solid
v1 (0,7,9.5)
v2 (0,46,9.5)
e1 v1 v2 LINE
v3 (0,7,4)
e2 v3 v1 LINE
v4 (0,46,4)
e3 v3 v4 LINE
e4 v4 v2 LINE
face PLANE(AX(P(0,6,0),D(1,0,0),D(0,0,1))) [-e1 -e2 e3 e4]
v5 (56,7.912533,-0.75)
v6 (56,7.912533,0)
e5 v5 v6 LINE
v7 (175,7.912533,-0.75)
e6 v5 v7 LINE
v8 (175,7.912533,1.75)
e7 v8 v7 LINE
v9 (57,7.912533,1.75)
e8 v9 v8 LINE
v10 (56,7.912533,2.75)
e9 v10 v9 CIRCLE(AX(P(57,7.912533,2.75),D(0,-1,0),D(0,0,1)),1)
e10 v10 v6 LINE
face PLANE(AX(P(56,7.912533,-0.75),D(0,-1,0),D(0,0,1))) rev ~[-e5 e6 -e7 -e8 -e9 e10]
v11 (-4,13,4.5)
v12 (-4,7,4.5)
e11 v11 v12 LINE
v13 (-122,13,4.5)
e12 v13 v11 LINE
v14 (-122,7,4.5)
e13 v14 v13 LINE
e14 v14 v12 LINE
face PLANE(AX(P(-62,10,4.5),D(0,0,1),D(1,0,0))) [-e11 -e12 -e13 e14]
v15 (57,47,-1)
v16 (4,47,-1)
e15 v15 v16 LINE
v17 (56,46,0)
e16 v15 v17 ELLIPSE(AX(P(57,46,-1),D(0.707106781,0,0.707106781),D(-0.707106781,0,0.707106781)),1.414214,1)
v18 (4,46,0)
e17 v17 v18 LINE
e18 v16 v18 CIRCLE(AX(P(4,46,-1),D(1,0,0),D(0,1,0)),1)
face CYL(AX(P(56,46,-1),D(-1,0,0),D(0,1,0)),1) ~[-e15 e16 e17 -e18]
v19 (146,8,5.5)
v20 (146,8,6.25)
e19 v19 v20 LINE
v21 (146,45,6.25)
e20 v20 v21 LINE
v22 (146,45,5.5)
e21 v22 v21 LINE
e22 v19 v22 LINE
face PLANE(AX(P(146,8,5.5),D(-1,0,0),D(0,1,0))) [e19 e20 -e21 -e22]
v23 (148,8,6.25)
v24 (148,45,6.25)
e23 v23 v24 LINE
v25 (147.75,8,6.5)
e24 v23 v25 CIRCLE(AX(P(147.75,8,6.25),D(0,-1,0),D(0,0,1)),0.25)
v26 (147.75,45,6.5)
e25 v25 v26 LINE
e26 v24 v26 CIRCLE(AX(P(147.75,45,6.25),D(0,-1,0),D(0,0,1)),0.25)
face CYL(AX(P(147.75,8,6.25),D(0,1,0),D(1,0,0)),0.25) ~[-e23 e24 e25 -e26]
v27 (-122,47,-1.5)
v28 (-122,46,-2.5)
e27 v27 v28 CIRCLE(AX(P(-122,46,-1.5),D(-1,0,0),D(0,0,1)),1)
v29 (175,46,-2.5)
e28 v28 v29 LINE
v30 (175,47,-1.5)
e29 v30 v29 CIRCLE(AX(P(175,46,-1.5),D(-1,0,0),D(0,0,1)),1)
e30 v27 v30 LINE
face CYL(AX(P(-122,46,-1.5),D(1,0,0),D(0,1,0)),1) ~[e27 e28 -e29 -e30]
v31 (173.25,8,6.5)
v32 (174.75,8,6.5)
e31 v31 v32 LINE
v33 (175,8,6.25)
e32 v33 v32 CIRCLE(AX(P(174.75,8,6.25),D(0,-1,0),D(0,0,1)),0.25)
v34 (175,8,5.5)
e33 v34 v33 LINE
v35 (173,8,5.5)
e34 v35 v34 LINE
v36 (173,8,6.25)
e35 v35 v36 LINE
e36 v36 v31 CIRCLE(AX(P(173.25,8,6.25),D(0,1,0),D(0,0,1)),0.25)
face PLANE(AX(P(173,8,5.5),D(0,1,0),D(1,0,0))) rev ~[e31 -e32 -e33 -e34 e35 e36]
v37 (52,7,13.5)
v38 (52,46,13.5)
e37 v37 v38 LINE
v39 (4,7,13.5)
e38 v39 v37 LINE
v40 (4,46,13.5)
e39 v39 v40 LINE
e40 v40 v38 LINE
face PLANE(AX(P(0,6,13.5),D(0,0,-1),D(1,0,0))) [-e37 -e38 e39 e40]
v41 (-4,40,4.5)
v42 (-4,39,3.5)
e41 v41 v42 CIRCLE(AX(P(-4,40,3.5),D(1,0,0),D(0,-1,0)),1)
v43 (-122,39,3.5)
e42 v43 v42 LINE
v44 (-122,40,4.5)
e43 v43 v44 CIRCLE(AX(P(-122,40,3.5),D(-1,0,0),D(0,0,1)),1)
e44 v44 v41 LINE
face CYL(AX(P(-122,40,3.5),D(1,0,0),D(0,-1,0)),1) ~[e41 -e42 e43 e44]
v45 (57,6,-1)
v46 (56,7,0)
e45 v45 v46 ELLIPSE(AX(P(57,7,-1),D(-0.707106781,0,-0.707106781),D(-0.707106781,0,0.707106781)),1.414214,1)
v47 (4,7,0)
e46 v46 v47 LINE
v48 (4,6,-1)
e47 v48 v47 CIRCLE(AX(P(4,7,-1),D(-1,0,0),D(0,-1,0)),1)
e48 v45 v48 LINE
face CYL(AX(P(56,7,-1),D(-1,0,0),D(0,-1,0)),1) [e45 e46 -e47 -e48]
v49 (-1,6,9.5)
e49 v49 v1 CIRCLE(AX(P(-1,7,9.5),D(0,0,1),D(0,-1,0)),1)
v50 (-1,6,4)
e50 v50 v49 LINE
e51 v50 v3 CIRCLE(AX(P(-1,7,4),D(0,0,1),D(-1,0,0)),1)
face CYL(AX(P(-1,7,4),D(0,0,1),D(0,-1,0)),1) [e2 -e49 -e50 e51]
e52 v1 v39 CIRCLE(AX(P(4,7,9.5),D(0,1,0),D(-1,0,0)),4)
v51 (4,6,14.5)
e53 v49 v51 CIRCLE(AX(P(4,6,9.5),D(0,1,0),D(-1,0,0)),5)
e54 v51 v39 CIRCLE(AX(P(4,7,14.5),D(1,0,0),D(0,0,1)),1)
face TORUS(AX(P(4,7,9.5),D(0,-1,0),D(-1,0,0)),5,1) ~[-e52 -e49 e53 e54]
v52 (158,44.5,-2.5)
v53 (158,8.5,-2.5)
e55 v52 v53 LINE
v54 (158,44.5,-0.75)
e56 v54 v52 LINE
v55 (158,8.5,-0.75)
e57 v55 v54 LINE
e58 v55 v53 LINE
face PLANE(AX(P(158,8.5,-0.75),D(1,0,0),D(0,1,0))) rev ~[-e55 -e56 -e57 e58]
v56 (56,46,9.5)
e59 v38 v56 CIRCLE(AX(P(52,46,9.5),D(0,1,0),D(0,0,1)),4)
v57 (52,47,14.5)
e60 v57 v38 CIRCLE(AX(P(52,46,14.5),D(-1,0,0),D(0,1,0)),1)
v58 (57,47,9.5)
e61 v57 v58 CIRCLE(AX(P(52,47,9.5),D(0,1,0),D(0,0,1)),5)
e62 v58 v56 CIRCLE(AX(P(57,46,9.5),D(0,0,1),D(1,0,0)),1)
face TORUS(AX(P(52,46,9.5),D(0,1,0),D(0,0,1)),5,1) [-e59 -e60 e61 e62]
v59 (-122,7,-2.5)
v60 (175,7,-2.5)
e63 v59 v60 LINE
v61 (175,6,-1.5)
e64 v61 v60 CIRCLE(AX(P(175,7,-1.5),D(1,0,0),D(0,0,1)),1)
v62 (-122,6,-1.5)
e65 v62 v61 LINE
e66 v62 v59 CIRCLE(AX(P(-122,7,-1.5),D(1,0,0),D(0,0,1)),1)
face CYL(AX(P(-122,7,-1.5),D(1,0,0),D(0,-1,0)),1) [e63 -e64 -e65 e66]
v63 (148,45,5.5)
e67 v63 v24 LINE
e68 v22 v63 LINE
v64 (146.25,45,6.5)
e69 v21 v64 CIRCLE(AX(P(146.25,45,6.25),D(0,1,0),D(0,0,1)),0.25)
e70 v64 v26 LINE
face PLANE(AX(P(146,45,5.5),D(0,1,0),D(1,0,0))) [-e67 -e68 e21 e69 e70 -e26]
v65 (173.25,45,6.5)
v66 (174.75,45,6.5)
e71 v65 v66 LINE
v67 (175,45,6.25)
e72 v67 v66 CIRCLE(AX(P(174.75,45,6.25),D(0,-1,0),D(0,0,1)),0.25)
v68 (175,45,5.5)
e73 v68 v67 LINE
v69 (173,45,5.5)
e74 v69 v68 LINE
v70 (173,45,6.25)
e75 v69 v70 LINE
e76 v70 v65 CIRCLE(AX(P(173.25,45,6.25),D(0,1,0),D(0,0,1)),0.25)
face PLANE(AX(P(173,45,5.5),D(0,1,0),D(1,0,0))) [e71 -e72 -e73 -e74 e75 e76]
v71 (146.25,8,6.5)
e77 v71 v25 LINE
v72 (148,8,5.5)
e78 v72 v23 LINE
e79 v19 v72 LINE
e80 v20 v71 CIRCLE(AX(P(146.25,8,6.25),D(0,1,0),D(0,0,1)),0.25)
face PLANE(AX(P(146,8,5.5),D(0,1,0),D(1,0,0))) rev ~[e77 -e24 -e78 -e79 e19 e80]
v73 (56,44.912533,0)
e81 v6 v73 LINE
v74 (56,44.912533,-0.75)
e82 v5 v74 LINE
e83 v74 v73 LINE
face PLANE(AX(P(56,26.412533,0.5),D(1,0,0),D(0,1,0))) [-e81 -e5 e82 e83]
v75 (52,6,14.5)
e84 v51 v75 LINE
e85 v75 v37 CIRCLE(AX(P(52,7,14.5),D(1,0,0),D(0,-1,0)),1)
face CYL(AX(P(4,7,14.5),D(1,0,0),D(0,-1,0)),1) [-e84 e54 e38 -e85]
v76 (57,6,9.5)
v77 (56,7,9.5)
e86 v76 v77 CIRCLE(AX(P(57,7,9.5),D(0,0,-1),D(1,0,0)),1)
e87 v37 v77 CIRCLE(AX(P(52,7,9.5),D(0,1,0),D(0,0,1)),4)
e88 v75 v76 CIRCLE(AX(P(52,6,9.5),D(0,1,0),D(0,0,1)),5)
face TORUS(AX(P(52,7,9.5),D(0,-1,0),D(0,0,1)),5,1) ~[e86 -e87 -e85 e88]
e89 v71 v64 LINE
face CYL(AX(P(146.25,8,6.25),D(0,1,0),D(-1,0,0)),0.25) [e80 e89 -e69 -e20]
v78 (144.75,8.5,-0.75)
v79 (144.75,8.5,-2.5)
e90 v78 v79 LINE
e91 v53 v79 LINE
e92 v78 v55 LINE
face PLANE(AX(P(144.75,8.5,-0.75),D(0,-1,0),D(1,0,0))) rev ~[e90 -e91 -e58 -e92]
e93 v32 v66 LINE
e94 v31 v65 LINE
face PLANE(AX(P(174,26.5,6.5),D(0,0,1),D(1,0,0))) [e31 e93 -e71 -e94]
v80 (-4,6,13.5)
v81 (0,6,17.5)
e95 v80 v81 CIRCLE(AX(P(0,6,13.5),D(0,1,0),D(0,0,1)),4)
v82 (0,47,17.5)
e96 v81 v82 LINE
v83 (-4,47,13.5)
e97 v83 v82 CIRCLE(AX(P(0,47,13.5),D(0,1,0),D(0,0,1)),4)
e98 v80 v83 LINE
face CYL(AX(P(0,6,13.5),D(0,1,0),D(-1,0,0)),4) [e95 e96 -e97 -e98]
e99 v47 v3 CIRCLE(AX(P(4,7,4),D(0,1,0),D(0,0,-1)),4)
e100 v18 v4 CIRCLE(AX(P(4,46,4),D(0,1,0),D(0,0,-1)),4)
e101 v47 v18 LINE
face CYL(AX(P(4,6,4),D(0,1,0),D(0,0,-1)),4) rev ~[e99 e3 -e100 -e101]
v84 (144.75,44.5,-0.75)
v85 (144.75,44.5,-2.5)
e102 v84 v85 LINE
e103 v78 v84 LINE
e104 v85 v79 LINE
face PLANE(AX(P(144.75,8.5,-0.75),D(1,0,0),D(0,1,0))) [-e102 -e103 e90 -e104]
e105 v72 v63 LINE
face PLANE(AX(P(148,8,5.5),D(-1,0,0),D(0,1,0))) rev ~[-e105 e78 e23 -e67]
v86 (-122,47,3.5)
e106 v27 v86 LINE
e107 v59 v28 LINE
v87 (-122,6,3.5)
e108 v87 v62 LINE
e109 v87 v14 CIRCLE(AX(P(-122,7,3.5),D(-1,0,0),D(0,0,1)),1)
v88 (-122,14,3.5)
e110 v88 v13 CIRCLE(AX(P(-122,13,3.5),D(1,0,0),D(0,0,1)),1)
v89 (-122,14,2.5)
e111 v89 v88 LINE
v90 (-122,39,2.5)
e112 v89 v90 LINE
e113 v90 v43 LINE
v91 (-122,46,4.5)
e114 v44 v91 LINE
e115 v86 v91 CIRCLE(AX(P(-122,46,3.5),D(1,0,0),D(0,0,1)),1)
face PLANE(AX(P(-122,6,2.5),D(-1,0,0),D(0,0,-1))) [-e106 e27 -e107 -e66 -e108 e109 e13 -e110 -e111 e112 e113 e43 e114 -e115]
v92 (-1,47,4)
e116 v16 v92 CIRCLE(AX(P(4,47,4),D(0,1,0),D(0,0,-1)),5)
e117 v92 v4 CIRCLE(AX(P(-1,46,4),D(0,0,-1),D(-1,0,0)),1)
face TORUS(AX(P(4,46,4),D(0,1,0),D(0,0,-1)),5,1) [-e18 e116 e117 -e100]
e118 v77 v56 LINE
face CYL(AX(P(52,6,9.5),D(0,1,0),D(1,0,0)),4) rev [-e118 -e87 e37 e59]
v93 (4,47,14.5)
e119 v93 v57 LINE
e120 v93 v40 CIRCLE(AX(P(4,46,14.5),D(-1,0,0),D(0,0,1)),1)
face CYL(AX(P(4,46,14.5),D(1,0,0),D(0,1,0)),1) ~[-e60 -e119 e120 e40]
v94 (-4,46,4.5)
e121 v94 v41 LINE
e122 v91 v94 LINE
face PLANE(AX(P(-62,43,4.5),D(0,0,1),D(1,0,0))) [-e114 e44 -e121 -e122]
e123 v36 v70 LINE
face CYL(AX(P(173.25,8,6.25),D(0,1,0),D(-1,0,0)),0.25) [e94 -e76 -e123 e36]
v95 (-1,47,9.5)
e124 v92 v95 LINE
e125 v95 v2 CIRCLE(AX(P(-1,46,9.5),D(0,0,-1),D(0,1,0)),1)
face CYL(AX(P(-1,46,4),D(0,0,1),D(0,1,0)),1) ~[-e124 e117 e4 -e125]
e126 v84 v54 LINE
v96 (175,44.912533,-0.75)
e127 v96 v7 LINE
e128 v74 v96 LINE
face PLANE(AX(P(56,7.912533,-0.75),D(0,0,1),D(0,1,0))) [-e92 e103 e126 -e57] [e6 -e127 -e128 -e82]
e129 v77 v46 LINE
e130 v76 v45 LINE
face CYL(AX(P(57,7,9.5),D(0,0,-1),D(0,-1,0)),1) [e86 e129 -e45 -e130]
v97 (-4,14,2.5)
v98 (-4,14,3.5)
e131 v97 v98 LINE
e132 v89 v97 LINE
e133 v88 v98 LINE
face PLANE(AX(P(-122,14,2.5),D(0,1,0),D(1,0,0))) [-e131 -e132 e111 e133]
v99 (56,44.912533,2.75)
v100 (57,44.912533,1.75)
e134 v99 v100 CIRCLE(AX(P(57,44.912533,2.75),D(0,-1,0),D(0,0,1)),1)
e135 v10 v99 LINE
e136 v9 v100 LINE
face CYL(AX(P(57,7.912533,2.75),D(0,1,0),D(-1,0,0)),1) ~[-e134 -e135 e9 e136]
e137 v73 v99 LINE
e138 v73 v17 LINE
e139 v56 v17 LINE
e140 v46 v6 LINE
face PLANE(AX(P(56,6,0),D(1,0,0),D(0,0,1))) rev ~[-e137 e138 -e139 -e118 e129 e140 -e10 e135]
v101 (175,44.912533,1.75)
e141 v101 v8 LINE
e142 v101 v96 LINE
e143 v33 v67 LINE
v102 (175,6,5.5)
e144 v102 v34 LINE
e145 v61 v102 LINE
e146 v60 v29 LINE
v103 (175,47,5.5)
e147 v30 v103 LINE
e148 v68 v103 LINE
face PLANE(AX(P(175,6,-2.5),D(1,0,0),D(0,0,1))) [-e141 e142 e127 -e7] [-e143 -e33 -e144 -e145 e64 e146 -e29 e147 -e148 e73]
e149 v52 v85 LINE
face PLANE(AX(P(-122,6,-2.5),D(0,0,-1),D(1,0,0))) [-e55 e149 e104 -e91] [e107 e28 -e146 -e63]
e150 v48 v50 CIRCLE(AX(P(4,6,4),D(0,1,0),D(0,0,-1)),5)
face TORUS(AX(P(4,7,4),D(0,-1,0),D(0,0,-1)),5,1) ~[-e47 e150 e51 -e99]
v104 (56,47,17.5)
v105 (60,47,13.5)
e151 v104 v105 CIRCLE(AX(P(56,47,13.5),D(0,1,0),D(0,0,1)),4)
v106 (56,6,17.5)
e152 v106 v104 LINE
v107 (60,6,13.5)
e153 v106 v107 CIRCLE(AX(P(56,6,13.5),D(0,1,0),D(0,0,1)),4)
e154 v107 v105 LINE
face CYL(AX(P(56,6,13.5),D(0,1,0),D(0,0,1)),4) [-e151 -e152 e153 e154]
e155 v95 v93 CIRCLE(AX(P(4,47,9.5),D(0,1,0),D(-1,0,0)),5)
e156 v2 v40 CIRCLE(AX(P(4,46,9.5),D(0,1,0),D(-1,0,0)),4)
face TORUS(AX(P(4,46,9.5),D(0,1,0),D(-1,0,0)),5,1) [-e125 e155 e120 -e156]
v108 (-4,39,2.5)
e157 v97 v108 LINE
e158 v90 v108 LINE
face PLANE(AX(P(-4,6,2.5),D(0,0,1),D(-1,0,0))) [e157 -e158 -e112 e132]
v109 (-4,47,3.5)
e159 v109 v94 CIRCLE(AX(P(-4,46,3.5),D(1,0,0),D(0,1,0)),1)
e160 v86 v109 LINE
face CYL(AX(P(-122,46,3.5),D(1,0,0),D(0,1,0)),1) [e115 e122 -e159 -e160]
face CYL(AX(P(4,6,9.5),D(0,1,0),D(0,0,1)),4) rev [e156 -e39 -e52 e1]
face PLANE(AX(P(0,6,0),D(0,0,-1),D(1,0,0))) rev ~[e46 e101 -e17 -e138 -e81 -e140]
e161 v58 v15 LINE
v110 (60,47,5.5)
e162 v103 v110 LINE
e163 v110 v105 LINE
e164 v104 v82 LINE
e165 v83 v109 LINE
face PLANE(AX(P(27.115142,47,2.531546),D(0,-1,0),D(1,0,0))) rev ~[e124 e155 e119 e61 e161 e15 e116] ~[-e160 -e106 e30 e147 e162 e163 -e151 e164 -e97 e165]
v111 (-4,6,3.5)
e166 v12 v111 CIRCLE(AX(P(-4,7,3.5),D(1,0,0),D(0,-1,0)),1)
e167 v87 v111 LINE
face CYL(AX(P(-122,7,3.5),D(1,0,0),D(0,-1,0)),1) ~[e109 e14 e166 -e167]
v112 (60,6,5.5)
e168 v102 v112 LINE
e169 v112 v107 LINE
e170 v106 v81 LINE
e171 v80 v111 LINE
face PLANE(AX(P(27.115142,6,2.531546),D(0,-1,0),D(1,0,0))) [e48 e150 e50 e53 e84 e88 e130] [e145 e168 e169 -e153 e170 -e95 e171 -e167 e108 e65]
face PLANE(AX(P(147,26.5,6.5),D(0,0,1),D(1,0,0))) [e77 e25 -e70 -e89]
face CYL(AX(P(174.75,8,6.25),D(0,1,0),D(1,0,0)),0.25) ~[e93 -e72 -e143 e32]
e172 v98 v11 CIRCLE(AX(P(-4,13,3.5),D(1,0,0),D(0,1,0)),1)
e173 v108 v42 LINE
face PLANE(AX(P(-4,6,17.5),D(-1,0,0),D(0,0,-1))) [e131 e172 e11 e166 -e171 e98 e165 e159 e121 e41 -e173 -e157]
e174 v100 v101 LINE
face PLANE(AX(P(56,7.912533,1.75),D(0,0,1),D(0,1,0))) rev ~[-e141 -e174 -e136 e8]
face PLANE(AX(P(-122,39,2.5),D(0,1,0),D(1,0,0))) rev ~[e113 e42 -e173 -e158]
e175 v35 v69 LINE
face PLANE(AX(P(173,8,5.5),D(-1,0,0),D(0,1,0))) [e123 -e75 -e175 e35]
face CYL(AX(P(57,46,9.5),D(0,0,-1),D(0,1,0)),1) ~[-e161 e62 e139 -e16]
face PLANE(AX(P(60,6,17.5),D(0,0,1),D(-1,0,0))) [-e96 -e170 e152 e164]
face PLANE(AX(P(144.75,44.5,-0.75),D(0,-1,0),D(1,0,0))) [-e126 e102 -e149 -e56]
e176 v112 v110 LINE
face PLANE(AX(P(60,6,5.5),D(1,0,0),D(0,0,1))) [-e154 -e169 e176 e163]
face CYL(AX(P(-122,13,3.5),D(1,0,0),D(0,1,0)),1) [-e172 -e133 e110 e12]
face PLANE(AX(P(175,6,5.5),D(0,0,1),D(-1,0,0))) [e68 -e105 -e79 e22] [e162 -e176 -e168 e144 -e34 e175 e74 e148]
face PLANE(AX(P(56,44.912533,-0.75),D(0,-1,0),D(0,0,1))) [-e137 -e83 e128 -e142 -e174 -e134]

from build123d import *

# Parameters (mm, degrees)
SKETCH037_W      = 2
SKETCH037_H      = 37
EXTRUDE036_DEPTH = 1
FILLET012_R      = 0.25
SKETCH038_W      = 13.25
SKETCH038_H      = 36
EXTRUDE037_DEPTH = 2
SKETCH031_W      = 37
SKETCH031_H      = 2.5
EXTRUDE029_DEPTH = 120
SKETCH030_W      = 56
SKETCH030_H      = 13.5
EXTRUDE028_DEPTH = 41
SKETCH036_W      = 120
SKETCH036_H      = 8
EXTRUDE035_DEPTH = 2
FILLET011_R      = 1
FILLET013_R      = 4
FILLET014_R      = 1


with BuildPart() as velcrobands:
    # Sketch037 → Extrude036 (new body)
    with BuildSketch(Plane.XY.offset(5.5)):
        with Locations((174, 26.5)):
            Rectangle(SKETCH037_W, SKETCH037_H)
        with Locations((147, 26.5)):
            Rectangle(SKETCH037_W, SKETCH037_H)
    extrude(amount=EXTRUDE036_DEPTH)

    # Fillet012
    fillet012_edges = [velcrobands.edges().sort_by_distance(p)[0] for p in [
        (148, 26.5, 6.5),
        (146, 26.5, 6.5),
        (173, 26.5, 6.5),
        (175, 26.5, 6.5),
    ]]
    fillet(fillet012_edges, radius=FILLET012_R)


with BuildPart() as sensorcuts:
    # Sketch038 → Extrude037 (new body)
    with BuildSketch(Plane.XY.offset(-0.75)):
        with Locations((151.375, 26.5)):
            Rectangle(SKETCH038_W, SKETCH038_H)
    extrude(amount=-EXTRUDE037_DEPTH)


with BuildPart() as extrude029:
    # Sketch031 → Extrude029 (new body)
    with BuildSketch(Plane.YZ.offset(56)):
        with Locations((26.412533, 0.5)):
            Rectangle(SKETCH031_W, SKETCH031_H)
    extrude(amount=EXTRUDE029_DEPTH)


with BuildPart() as band002:
    # Sketch030 → Extrude028 (new body)
    with BuildSketch(Plane.XZ.offset(-6)):
        Polygon((175, 5.5), (60, 5.5), (60, 17.5), (-4, 17.5), (-4, 2.5), (-122, 2.5), (-122, -2.5), (175, -2.5), align=None)
        with Locations((28, 6.75)):
            Rectangle(SKETCH030_W, SKETCH030_H, mode=Mode.SUBTRACT)
    extrude(amount=-EXTRUDE028_DEPTH)

    # Cut002: cut Extrude029
    add(extrude029.part, mode=Mode.SUBTRACT)

    # Cut005: cut sensorCuts
    add(sensorcuts.part, mode=Mode.SUBTRACT)


with BuildPart() as fillet014:
    # Sketch036 → Extrude035 (new body)
    with BuildSketch(Plane.XY.offset(2.5)):
        with Locations((-62, 43)):
            Rectangle(SKETCH036_W, SKETCH036_H)
        with Locations((-62, 10)):
            Rectangle(SKETCH036_W, SKETCH036_H)
    extrude(amount=EXTRUDE035_DEPTH)

    # Fillet011
    fillet011_edges = [fillet014.edges().sort_by_distance(p)[0] for p in [
        (-62, 14, 4.5),
        (-62, 6, 4.5),
        (-62, 47, 4.5),
        (-62, 39, 4.5),
    ]]
    fillet(fillet011_edges, radius=FILLET011_R)

    # Fusion011: union velcroBands, band002
    add(velcrobands.part)
    add(band002.part)

    # Fillet013
    fillet013_edges = [fillet014.edges().sort_by_distance(p)[0] for p in [
        (60, 26.5, 17.5),
        (-4, 26.5, 17.5),
        (0, 26.5, 0),
        (0, 26.5, 13.5),
        (56, 26.5, 13.5),
    ]]
    fillet(fillet013_edges, radius=FILLET013_R)

    # Fillet014
    fillet014_edges = [fillet014.edges().sort_by_distance(p)[0] for p in [
        (26.5, 6, -2.5),
        (28, 6, 13.5),
        (26.5, 47, -2.5),
        (28, 47, 13.5),
        (56, 26.412533, 1.75),
    ]]
    fillet(fillet014_edges, radius=FILLET014_R)


solid = fillet014.part
